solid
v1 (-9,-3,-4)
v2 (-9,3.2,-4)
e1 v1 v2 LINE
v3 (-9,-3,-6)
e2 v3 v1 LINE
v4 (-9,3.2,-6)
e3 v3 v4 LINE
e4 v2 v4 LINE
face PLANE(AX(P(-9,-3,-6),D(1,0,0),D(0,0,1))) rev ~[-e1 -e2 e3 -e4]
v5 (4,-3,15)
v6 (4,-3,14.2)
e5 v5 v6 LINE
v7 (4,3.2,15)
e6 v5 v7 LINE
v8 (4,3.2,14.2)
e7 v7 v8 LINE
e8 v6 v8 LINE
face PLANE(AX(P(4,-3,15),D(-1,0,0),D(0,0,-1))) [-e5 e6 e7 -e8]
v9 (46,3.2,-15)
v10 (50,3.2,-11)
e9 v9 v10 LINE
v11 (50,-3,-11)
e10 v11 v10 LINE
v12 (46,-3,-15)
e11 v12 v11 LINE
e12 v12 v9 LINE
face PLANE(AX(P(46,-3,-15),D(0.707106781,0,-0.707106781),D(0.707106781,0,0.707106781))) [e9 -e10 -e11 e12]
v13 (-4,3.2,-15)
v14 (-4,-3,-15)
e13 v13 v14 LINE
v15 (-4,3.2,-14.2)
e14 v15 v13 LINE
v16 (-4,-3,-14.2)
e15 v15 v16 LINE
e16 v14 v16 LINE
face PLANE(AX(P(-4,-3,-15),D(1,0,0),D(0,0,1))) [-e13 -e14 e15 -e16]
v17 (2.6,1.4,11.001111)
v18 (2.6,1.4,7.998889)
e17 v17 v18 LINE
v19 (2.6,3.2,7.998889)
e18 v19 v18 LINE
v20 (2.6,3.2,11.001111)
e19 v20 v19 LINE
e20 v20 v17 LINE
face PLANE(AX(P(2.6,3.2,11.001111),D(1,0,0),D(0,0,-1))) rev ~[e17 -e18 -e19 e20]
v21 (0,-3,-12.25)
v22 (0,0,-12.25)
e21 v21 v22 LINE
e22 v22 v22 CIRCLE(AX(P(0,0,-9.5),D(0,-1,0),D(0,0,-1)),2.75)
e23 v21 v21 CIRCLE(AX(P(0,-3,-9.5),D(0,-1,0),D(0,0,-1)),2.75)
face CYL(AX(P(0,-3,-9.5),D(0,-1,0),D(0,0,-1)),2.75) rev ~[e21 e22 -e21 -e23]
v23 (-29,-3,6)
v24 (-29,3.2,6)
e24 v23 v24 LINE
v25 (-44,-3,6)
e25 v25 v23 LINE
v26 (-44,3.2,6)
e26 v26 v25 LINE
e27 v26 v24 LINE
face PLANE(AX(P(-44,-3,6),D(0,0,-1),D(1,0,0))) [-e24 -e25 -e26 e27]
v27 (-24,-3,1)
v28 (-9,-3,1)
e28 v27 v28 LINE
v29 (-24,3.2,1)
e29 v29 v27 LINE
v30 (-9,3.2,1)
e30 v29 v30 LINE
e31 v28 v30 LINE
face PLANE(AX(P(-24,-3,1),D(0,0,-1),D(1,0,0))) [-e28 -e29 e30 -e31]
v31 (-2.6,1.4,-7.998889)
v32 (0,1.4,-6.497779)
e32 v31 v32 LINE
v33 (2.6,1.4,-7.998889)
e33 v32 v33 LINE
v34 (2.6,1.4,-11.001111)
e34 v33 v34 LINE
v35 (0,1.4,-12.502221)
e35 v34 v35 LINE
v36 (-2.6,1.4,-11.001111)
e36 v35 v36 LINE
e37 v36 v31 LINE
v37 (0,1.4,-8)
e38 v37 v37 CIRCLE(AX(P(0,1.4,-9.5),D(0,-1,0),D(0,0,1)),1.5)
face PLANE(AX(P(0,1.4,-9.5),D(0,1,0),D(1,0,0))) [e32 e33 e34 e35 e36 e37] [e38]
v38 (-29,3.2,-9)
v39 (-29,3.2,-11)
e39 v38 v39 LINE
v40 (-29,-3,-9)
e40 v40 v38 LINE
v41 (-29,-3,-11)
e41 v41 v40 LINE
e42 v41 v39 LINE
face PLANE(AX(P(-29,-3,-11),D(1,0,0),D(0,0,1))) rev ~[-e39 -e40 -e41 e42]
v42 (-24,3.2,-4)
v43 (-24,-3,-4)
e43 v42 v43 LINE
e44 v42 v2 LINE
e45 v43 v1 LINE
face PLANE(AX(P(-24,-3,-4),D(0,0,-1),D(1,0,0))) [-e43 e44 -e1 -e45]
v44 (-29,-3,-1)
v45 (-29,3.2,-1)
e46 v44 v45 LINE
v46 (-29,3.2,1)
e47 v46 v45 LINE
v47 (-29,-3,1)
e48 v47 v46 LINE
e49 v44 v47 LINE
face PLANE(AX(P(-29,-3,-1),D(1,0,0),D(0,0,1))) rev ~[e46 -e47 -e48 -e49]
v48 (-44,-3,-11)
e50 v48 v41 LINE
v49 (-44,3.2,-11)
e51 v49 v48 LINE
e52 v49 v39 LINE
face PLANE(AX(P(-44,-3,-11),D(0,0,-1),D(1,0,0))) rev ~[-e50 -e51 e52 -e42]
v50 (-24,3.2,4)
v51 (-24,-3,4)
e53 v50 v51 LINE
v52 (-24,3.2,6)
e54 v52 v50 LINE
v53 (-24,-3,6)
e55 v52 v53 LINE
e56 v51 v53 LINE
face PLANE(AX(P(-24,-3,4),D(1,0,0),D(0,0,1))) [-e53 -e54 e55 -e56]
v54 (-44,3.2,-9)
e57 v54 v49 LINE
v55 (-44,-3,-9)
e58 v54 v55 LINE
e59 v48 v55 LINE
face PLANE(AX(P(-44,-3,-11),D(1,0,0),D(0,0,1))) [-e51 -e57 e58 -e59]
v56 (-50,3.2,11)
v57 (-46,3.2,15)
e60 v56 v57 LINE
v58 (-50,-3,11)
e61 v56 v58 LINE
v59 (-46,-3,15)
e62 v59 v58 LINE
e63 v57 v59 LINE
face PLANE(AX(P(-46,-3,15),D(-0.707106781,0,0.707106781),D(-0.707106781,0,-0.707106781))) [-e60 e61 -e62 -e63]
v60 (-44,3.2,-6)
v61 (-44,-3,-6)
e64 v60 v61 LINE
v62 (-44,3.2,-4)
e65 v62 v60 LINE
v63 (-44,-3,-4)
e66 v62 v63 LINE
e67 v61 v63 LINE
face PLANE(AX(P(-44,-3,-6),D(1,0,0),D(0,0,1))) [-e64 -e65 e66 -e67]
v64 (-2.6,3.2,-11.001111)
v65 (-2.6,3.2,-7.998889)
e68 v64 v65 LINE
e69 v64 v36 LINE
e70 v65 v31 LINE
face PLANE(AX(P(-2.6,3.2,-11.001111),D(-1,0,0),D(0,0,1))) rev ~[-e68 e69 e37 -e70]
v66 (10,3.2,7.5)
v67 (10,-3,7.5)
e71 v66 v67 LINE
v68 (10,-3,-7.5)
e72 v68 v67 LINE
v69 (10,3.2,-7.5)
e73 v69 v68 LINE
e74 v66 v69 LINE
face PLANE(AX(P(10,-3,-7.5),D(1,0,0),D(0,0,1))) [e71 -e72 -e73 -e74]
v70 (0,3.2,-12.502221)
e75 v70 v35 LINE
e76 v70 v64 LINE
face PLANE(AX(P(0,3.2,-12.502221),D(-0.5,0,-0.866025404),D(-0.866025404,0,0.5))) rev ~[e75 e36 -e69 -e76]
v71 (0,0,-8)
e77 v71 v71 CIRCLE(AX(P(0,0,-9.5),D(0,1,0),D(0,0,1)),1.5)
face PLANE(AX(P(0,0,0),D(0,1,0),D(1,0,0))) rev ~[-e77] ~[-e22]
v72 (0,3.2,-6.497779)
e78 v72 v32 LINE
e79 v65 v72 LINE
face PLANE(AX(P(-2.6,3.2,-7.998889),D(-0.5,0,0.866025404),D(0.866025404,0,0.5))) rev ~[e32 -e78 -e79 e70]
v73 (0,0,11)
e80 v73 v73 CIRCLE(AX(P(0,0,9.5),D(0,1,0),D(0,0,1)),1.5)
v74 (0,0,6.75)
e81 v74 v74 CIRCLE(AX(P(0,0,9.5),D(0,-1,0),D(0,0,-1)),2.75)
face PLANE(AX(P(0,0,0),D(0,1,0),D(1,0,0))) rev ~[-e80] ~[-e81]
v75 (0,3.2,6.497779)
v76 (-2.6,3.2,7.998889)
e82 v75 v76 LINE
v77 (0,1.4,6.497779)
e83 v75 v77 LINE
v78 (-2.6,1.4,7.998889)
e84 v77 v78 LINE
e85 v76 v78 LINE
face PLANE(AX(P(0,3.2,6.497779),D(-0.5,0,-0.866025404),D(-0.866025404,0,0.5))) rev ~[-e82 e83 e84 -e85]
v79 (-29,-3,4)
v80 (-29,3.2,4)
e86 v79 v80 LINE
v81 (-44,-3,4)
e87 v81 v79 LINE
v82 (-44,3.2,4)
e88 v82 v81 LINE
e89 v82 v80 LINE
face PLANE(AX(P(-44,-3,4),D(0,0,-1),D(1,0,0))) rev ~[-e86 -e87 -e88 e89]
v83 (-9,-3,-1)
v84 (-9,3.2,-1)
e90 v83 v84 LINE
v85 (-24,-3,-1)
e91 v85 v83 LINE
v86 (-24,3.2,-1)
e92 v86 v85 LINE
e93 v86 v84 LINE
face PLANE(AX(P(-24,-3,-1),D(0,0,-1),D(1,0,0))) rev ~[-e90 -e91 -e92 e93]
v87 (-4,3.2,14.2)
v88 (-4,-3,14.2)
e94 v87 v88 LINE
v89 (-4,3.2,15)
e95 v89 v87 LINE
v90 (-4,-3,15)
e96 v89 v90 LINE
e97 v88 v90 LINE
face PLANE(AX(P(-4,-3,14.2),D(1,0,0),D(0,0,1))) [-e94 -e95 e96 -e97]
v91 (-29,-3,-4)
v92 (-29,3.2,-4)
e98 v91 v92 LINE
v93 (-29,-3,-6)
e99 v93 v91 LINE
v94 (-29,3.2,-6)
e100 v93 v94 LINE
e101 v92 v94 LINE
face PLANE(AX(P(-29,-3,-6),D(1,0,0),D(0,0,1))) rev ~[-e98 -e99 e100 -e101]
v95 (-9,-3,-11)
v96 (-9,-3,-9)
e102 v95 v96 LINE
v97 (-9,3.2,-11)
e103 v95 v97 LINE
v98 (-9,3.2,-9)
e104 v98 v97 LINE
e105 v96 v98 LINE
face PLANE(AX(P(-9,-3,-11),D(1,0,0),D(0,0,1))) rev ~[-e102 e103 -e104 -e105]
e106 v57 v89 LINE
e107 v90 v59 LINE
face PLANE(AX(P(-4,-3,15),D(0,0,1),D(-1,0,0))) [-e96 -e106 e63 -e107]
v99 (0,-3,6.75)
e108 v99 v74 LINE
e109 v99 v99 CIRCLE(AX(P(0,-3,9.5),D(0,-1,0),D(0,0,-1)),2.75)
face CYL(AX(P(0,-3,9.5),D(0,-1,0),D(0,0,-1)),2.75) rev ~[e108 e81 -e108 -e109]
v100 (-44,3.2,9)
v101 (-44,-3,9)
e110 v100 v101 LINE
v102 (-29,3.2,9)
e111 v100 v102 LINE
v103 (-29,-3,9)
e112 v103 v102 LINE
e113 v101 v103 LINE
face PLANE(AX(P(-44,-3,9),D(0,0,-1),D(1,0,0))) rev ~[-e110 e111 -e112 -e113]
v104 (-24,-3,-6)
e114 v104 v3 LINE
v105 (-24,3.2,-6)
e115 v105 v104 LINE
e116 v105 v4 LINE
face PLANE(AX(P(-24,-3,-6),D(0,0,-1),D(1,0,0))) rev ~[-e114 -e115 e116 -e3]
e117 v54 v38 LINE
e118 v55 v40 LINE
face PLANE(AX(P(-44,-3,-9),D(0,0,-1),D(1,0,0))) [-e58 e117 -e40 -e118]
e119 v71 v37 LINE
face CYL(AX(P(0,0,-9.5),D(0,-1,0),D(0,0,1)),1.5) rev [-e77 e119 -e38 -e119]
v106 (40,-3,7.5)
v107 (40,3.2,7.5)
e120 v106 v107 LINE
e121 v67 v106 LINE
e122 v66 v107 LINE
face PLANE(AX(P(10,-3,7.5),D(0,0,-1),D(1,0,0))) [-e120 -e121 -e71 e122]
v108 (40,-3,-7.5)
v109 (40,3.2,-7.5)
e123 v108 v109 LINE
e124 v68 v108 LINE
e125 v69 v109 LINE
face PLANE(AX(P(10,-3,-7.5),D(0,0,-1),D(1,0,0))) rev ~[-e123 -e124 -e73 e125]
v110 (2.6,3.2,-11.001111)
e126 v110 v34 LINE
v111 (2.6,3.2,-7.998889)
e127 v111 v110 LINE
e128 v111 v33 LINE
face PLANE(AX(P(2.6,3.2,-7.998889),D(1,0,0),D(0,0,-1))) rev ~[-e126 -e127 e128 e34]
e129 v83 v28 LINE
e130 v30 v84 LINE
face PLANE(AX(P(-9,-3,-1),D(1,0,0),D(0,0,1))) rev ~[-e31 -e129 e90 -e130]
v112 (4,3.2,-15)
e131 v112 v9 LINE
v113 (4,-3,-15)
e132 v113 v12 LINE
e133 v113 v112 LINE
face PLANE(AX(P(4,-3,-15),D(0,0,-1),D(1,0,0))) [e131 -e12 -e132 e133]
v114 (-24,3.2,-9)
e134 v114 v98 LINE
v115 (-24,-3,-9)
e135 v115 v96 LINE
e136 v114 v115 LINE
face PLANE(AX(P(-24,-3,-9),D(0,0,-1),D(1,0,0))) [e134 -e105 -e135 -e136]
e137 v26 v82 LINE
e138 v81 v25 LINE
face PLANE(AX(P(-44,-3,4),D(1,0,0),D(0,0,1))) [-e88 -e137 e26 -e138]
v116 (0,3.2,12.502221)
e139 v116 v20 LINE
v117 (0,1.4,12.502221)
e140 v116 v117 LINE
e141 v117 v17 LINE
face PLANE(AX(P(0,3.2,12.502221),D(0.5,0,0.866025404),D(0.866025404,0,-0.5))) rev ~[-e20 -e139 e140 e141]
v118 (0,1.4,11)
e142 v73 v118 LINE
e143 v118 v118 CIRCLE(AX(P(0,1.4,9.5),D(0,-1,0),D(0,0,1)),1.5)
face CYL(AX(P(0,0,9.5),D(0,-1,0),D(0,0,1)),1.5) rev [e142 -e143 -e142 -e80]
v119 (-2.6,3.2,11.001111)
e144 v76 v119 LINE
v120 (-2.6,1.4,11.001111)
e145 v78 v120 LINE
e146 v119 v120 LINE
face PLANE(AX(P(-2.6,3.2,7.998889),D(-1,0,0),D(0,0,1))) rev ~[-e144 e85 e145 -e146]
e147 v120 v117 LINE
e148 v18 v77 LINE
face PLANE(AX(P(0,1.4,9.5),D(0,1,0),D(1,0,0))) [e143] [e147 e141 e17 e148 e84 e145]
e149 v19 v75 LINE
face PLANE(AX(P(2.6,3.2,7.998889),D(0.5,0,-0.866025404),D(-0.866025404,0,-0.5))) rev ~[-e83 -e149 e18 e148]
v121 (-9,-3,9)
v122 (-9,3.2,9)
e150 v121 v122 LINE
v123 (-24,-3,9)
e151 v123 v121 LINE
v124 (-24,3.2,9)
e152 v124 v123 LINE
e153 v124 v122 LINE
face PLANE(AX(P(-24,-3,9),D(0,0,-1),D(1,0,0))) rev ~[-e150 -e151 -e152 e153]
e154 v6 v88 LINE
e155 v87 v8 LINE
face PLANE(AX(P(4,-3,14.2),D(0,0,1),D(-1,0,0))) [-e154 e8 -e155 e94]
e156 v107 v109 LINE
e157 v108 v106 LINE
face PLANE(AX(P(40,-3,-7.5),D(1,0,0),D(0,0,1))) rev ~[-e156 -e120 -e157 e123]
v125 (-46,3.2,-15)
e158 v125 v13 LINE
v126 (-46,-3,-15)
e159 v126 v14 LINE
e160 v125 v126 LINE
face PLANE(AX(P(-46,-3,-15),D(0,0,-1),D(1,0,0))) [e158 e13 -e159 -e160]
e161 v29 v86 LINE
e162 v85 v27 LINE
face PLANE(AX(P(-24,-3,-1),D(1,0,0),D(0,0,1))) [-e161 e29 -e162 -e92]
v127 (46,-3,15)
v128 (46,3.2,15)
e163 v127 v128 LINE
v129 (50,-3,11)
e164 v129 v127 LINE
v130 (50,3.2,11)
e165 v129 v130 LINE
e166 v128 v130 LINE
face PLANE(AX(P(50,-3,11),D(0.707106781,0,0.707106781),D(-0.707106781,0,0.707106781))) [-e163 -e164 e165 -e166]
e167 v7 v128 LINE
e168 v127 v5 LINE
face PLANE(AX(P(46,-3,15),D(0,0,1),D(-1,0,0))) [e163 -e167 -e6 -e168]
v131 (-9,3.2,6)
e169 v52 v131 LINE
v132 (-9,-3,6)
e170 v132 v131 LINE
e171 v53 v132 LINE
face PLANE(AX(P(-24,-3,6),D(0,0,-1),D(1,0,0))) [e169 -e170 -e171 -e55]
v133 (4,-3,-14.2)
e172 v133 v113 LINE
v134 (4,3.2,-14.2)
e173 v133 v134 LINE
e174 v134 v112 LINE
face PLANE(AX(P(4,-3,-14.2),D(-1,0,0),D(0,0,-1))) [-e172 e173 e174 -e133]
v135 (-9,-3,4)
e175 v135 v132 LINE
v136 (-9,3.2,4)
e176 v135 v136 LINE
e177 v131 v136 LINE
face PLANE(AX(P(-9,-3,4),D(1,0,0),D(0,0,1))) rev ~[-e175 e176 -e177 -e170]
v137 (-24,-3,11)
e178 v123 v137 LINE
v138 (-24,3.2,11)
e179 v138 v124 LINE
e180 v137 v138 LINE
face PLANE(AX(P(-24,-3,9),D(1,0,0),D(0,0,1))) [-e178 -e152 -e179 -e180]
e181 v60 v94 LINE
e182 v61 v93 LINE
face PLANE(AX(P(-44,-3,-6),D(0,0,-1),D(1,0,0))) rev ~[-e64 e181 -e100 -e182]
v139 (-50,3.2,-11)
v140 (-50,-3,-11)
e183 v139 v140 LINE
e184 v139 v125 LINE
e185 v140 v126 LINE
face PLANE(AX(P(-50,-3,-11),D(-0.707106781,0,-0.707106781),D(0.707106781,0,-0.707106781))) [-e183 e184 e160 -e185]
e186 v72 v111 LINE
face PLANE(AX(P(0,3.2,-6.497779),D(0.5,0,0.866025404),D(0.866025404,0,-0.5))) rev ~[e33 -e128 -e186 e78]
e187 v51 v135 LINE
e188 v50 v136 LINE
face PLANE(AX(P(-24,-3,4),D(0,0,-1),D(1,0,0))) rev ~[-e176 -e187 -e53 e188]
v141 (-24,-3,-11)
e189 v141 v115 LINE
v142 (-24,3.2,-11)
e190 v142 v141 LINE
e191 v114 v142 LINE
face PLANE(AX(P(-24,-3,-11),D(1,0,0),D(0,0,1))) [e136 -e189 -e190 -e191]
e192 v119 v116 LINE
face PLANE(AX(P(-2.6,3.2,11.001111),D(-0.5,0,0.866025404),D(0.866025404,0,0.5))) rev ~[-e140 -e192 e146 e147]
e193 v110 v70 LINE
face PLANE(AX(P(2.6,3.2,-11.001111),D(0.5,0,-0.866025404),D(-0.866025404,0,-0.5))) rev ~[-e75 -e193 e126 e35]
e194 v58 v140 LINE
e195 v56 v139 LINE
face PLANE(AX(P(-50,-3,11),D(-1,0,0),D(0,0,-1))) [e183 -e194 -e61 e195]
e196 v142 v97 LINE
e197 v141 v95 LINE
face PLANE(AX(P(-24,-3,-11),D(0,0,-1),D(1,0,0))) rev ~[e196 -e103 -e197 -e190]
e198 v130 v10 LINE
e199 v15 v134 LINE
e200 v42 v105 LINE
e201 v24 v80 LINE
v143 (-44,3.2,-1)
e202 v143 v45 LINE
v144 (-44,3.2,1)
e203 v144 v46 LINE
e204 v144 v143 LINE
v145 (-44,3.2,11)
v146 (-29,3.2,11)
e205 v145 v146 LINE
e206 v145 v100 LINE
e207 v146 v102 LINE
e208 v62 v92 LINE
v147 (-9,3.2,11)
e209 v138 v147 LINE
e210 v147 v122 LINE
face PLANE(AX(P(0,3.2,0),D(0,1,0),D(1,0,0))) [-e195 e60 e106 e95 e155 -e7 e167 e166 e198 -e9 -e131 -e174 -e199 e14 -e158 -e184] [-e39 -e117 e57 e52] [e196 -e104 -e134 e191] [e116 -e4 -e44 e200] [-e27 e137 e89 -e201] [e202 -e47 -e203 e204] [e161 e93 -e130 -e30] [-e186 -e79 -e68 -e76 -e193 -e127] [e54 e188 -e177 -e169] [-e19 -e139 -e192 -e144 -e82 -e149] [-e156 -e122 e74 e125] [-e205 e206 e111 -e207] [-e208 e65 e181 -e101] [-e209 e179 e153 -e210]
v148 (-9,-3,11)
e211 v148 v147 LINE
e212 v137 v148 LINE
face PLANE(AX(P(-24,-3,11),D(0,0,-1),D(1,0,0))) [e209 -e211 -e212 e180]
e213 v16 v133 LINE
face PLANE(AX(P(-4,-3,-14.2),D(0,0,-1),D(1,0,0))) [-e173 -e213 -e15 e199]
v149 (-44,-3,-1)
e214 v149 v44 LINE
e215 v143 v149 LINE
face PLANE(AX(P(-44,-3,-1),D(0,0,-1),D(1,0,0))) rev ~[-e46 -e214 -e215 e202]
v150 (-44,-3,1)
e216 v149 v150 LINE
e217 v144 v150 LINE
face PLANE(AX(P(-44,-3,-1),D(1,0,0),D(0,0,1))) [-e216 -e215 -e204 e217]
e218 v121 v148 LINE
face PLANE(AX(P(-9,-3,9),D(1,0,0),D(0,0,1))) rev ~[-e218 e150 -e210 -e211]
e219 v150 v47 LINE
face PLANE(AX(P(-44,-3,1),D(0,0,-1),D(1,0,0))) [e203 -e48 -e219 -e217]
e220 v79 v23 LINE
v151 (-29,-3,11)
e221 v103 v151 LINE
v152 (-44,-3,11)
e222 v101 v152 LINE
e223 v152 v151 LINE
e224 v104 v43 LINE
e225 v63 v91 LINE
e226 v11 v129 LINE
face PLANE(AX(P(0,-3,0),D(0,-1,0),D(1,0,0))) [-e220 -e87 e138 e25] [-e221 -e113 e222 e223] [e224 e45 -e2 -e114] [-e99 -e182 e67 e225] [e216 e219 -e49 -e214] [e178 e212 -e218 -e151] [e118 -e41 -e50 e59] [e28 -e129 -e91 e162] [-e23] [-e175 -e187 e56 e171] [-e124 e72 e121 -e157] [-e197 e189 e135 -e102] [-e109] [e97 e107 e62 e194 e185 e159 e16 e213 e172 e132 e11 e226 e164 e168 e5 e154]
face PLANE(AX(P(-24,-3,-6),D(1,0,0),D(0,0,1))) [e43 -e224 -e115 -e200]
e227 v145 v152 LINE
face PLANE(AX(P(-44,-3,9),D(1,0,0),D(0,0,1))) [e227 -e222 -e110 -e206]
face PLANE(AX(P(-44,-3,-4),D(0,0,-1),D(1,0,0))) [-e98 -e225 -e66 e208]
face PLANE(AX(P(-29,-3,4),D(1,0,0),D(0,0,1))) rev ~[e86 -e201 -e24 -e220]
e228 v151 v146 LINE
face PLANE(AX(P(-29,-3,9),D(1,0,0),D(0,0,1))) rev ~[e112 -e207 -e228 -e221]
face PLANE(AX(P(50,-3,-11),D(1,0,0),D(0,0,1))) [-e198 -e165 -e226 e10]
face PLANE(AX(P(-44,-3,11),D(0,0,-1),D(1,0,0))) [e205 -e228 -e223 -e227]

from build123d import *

# Parameters (mm, degrees)
SKETCH_1_W          = 100
SKETCH_1_H          = 30
SKETCH_1_R          = 1.5
SKETCH_1_W_2        = 15
SKETCH_1_H_2        = 2
SKETCH_1_W_3        = 30
SKETCH_1_H_3        = 15
EXTRUDE_1_DEPTH     = 3.2
CUT_EXTRUDE_START   = 3.2
CUT_EXTRUDE_1_DEPTH = 1.8
CHAMFER_1_SIZE      = 4
SKETCH_2_W          = 8
SKETCH_2_H          = 0.8
CUT_EXTRUDE_2_DEPTH = 53.299521986
EXTRUDE_START       = 3
SKETCH_3_R          = 2.75
SKETCH_3_W          = 30
SKETCH_3_H          = 15
SKETCH_3_W_2        = 15
SKETCH_3_H_2        = 2
SKETCH_3_R_2        = 1.5
EXTRUDE_2_DEPTH     = 3


with BuildPart() as part:
    # 스케치1 → 보스-돌출1 (new body)
    with BuildSketch(Plane(origin=(0, 0, 0), x_dir=(1, 0, 0), z_dir=(0, 1, 0))):
        Rectangle(SKETCH_1_W, SKETCH_1_H)
        with Locations(Location((0, 9.5, 0), (0, 0, 270))):
            Circle(SKETCH_1_R, mode=Mode.SUBTRACT)
        with Locations(Location((0, -9.5, 0), (0, 0, 270))):
            Circle(SKETCH_1_R, mode=Mode.SUBTRACT)
        with Locations((-16.5, 10)):
            Rectangle(SKETCH_1_W_2, SKETCH_1_H_2, mode=Mode.SUBTRACT)
        with Locations((25, 0)):
            Rectangle(SKETCH_1_W_3, SKETCH_1_H_3, mode=Mode.SUBTRACT)
        with Locations((-36.5, 10)):
            Rectangle(SKETCH_1_W_2, SKETCH_1_H_2, mode=Mode.SUBTRACT)
        with Locations((-36.5, 5)):
            Rectangle(SKETCH_1_W_2, SKETCH_1_H_2, mode=Mode.SUBTRACT)
        with Locations((-16.5, 5)):
            Rectangle(SKETCH_1_W_2, SKETCH_1_H_2, mode=Mode.SUBTRACT)
        with Locations((-36.5, 0)):
            Rectangle(SKETCH_1_W_2, SKETCH_1_H_2, mode=Mode.SUBTRACT)
        with Locations((-16.5, 0)):
            Rectangle(SKETCH_1_W_2, SKETCH_1_H_2, mode=Mode.SUBTRACT)
        with Locations((-36.5, -5)):
            Rectangle(SKETCH_1_W_2, SKETCH_1_H_2, mode=Mode.SUBTRACT)
        with Locations((-16.5, -5)):
            Rectangle(SKETCH_1_W_2, SKETCH_1_H_2, mode=Mode.SUBTRACT)
        with Locations((-36.5, -10)):
            Rectangle(SKETCH_1_W_2, SKETCH_1_H_2, mode=Mode.SUBTRACT)
        with Locations((-16.5, -10)):
            Rectangle(SKETCH_1_W_2, SKETCH_1_H_2, mode=Mode.SUBTRACT)
    extrude(amount=EXTRUDE_1_DEPTH)

    # 스케치1<3> → 컷-돌출1 (cut)
    with BuildSketch(Plane(origin=(0, 0, 0), x_dir=(1, 0, 0), z_dir=(0, 1, 0)).offset(CUT_EXTRUDE_START)):
        Polygon((0, 6.4977786), (2.6, 7.9988893), (2.6, 11.0011107), (0, 12.5022214), (-2.6, 11.0011107), (-2.6, 7.9988893), align=None)
        Polygon((2.6, -7.9988893), (0, -6.4977786), (-2.6, -7.9988893), (-2.6, -11.0011107), (0, -12.5022214), (2.6, -11.0011107), align=None)
    extrude(amount=-CUT_EXTRUDE_1_DEPTH, mode=Mode.SUBTRACT)

    # 모따기1
    chamfer_1_edges = [part.edges().sort_by_distance(p)[0] for p in [
        (-50, 1.6, 15),
        (-50, 1.6, -15),
        (50, 1.6, -15),
        (50, 1.6, 15),
    ]]
    chamfer(chamfer_1_edges, length=CHAMFER_1_SIZE)

    # 스케치2 → 컷-돌출2 (cut, through all)
    with BuildSketch(Plane(origin=(0, 3.2, 0), x_dir=(1, 0, 0), z_dir=(0, 1, 0))):
        with Locations((0, 14.6)):
            Rectangle(SKETCH_2_W, SKETCH_2_H)
        with Locations((0, -14.6)):
            Rectangle(SKETCH_2_W, SKETCH_2_H)
    extrude(amount=-CUT_EXTRUDE_2_DEPTH, mode=Mode.SUBTRACT)

    # 스케치3 → 보스-돌출2 (add)
    # profile 1 of 3: a face of its own
    with BuildSketch(Plane.XZ.offset(EXTRUDE_START)):
        Polygon((4, 14.2), (-4, 14.2), (-4, 15), (-46, 15), (-50, 11), (-50, -11), (-46, -15), (-4, -15), (-4, -14.2), (4, -14.2), (4, -15), (46, -15), (50, -11), (50, 11), (46, 15), (4, 15), align=None)
        with Locations(Location((0, 9.5, 0), (0, 0, 270))):
            Circle(SKETCH_3_R, mode=Mode.SUBTRACT)
        with Locations(Location((0, -9.5, 0), (0, 0, 270))):
            Circle(SKETCH_3_R, mode=Mode.SUBTRACT)
        with Locations((25, 0)):
            Rectangle(SKETCH_3_W, SKETCH_3_H, mode=Mode.SUBTRACT)
        with Locations((-36.5, 10)):
            Rectangle(SKETCH_3_W_2, SKETCH_3_H_2, mode=Mode.SUBTRACT)
        with Locations((-36.5, 5)):
            Rectangle(SKETCH_3_W_2, SKETCH_3_H_2, mode=Mode.SUBTRACT)
        with Locations((-36.5, 0)):
            Rectangle(SKETCH_3_W_2, SKETCH_3_H_2, mode=Mode.SUBTRACT)
        with Locations((-36.5, -5)):
            Rectangle(SKETCH_3_W_2, SKETCH_3_H_2, mode=Mode.SUBTRACT)
        with Locations((-36.5, -10)):
            Rectangle(SKETCH_3_W_2, SKETCH_3_H_2, mode=Mode.SUBTRACT)
        with Locations((-16.5, -10)):
            Rectangle(SKETCH_3_W_2, SKETCH_3_H_2, mode=Mode.SUBTRACT)
        with Locations((-16.5, -5)):
            Rectangle(SKETCH_3_W_2, SKETCH_3_H_2, mode=Mode.SUBTRACT)
        with Locations((-16.5, 0)):
            Rectangle(SKETCH_3_W_2, SKETCH_3_H_2, mode=Mode.SUBTRACT)
        with Locations((-16.5, 5)):
            Rectangle(SKETCH_3_W_2, SKETCH_3_H_2, mode=Mode.SUBTRACT)
        with Locations((-16.5, 10)):
            Rectangle(SKETCH_3_W_2, SKETCH_3_H_2, mode=Mode.SUBTRACT)
    # profile 2 of 3: a face of its own
    with BuildSketch(Plane.XZ.offset(EXTRUDE_START)):
        with Locations(Location((0, -9.5, 0), (0, 0, 270))):
            Circle(SKETCH_3_R_2)
    # profile 3 of 3: a face of its own
    with BuildSketch(Plane.XZ.offset(EXTRUDE_START)):
        with Locations(Location((0, 9.5, 0), (0, 0, 270))):
            Circle(SKETCH_3_R_2)
    extrude(amount=-EXTRUDE_2_DEPTH)


with BuildPart() as extrude_2_kept_piece:
    # of the separate pieces the step leaves, the one the design keeps (extrude_2_pieces_kept)
    add(part.part.solids().sort_by_distance((-4, -3, 15))[0])


solid = extrude_2_kept_piece.part
